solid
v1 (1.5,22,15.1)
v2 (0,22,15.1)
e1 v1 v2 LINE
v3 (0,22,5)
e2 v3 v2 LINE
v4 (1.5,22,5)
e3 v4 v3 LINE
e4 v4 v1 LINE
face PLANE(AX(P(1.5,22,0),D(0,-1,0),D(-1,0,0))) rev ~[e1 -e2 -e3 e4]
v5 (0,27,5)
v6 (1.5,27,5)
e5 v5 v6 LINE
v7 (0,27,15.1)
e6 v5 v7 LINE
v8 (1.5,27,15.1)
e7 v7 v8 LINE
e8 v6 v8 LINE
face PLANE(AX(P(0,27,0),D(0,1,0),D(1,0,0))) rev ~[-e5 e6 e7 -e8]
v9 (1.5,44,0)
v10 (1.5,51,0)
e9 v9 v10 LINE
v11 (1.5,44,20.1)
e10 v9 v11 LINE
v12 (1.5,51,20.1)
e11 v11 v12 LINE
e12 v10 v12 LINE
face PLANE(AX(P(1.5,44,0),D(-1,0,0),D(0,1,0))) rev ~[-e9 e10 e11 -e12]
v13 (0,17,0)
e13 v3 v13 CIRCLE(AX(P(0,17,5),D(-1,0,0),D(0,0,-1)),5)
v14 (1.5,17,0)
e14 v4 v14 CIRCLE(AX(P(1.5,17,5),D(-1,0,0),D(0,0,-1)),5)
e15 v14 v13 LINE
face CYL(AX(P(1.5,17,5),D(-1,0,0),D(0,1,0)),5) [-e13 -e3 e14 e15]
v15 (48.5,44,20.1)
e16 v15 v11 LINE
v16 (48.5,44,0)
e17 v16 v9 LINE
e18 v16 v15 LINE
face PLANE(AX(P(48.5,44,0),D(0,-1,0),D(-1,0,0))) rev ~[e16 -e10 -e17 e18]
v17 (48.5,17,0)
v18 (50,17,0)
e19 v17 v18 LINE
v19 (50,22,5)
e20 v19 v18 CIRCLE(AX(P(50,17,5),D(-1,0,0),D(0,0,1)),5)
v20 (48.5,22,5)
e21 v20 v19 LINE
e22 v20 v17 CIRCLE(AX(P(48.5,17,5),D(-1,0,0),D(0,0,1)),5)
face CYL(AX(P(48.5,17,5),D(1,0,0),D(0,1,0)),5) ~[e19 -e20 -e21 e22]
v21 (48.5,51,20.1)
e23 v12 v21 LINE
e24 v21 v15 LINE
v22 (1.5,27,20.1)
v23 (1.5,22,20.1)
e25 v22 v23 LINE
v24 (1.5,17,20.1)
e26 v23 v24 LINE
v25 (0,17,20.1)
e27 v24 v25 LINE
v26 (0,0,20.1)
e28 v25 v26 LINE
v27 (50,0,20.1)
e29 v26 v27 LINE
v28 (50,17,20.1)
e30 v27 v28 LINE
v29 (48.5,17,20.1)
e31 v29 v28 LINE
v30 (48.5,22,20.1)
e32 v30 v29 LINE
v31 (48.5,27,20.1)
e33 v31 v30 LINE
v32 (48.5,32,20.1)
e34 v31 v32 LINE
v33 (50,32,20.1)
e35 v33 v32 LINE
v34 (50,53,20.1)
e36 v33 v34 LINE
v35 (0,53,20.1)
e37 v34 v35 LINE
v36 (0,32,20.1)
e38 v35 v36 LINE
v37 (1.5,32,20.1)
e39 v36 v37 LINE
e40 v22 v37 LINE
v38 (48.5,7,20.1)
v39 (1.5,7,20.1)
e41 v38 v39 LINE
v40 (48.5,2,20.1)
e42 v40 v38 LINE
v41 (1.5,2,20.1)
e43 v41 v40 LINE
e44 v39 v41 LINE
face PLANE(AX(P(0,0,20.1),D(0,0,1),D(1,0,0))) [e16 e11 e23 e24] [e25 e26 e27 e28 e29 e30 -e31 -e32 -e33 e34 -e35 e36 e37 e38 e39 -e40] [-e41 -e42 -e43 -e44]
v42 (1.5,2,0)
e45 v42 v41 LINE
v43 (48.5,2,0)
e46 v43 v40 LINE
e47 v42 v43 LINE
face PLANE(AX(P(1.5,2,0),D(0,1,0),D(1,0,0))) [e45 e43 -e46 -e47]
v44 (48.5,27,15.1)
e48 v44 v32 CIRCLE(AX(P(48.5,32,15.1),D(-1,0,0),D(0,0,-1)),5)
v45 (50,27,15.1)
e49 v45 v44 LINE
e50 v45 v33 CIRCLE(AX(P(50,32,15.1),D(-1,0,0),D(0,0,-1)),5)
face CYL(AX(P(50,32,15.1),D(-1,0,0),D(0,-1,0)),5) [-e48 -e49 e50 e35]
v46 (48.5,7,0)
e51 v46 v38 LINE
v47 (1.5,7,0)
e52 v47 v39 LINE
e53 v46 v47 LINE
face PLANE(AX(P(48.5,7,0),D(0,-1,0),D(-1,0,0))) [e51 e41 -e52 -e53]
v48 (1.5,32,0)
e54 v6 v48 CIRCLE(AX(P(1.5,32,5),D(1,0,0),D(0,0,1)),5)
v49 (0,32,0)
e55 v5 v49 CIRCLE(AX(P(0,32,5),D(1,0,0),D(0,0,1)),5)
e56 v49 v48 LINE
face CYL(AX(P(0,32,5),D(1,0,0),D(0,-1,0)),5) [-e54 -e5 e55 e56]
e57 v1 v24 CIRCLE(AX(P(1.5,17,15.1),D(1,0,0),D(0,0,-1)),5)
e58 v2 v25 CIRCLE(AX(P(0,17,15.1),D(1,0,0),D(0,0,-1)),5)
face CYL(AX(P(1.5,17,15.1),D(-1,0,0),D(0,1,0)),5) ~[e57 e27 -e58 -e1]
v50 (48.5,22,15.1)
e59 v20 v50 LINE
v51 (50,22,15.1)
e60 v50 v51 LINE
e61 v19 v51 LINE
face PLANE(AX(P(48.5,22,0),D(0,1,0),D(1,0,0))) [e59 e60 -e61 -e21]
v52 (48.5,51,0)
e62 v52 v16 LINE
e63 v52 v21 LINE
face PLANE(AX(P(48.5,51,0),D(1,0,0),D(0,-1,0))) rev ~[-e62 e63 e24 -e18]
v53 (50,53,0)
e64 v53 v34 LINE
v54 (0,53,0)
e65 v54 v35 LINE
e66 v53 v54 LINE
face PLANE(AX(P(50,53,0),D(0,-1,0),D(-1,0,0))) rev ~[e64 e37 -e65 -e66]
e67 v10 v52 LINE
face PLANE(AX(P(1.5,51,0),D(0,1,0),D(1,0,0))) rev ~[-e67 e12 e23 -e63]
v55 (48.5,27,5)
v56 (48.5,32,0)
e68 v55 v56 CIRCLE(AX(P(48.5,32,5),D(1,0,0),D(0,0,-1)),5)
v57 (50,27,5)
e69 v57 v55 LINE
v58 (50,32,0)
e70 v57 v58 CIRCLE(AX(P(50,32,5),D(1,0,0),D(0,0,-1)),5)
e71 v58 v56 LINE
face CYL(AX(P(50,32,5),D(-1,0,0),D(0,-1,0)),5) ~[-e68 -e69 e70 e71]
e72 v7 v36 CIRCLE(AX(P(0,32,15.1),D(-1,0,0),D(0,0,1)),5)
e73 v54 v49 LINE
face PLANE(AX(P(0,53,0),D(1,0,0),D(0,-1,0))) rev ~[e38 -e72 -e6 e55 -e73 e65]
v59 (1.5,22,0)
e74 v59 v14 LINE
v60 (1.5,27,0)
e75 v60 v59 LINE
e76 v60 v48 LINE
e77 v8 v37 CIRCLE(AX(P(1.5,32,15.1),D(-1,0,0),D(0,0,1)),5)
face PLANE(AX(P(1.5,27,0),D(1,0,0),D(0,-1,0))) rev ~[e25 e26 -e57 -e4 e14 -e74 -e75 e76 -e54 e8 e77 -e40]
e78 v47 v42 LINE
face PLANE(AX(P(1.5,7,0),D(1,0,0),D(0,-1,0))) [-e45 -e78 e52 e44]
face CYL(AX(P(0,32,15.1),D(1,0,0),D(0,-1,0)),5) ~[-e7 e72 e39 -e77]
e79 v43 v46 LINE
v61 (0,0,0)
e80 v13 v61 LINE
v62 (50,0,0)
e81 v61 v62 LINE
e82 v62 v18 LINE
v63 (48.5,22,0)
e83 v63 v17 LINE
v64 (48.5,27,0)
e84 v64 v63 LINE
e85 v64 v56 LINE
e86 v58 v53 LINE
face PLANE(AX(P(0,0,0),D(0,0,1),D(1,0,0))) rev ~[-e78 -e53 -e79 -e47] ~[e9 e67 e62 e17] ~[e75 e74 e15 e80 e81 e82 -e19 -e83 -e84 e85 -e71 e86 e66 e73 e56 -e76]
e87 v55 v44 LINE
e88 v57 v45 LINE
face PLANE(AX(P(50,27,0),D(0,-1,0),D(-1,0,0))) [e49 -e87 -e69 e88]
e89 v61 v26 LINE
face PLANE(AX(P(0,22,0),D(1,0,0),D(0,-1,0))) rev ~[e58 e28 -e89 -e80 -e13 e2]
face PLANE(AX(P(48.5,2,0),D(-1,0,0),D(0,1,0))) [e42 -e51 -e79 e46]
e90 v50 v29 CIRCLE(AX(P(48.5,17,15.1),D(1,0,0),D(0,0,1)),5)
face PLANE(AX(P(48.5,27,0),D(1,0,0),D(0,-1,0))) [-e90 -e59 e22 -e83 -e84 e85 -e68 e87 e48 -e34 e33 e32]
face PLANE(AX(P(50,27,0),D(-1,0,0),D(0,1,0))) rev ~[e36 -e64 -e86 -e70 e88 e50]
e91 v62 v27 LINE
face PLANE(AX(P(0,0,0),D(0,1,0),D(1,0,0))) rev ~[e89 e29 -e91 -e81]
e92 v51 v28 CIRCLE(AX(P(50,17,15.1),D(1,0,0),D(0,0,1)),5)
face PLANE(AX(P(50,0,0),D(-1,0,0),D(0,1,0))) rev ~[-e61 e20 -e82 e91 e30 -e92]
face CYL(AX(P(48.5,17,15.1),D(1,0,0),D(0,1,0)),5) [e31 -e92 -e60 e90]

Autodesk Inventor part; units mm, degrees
ref_plane "YZ Plane" through (0, 0, 0) normal (1, 0, 0) x (0, 1, 0)
ref_plane "XZ Plane" through (0, 0, 0) normal (0, 1, 0) x (-1, 0, 0)
ref_plane "XY Plane" through (0, 0, 0) normal (0, 0, 1) x (1, 0, 0)
sketch "スケッチ1" plane through (0, 0, 0) normal (0, 0, 1) x (1, 0, 0)
  line L0 (0, 0) -> (50, 0)
  line L1 (50, 0) -> (50, 53)
  line L2 (50, 53) -> (0, 53)
  line L3 (0, 53) -> (0, 0)
  line L4 (1.5, 2) -> (48.5, 2)
  line L5 (48.5, 2) -> (48.5, 7)
  line L6 (48.5, 7) -> (1.5, 7)
  line L7 (1.5, 7) -> (1.5, 2)
  line L8 (1.5, 51) -> (48.5, 51)
  line L9 (48.5, 51) -> (48.5, 44)
  line L10 (48.5, 44) -> (1.5, 44)
  line L11 (1.5, 44) -> (1.5, 51)
  line L12 (0, 27) -> (1.5, 27)
  line L13 (1.5, 27) -> (1.5, 22)
  line L14 (1.5, 22) -> (0, 22)
  line L15 (50, 27) -> (48.5, 27)
  line L16 (48.5, 27) -> (48.5, 22)
  line L17 (48.5, 22) -> (50, 22)
  dimension "d0" = 50
  dimension "d1" = 53
  dimension "d2" = 2
  dimension "d3" = 1.5
  dimension "d4" = 1.5
  dimension "d5" = 5
  dimension "d6" = 2
  dimension "d7" = 7
  dimension "d8" = 5
  dimension "d9" = 17
extrude "押し出し1" add sketch "スケッチ1" along normal blind 20.1 contours L3 L14 L13 L12 L2 L1 L15 L16 L17 L0
fillet "フィレット1" radius 5 8 edges at (0.75, 27, 20.1) (0.75, 27, 0) (0.75, 22, 0) (0.75, 22, 20.1) (49.25, 22, 0) (49.25, 22, 20.1) (49.25, 27, 0) (49.25, 27, 20.1)
properties part number "サーボ"
